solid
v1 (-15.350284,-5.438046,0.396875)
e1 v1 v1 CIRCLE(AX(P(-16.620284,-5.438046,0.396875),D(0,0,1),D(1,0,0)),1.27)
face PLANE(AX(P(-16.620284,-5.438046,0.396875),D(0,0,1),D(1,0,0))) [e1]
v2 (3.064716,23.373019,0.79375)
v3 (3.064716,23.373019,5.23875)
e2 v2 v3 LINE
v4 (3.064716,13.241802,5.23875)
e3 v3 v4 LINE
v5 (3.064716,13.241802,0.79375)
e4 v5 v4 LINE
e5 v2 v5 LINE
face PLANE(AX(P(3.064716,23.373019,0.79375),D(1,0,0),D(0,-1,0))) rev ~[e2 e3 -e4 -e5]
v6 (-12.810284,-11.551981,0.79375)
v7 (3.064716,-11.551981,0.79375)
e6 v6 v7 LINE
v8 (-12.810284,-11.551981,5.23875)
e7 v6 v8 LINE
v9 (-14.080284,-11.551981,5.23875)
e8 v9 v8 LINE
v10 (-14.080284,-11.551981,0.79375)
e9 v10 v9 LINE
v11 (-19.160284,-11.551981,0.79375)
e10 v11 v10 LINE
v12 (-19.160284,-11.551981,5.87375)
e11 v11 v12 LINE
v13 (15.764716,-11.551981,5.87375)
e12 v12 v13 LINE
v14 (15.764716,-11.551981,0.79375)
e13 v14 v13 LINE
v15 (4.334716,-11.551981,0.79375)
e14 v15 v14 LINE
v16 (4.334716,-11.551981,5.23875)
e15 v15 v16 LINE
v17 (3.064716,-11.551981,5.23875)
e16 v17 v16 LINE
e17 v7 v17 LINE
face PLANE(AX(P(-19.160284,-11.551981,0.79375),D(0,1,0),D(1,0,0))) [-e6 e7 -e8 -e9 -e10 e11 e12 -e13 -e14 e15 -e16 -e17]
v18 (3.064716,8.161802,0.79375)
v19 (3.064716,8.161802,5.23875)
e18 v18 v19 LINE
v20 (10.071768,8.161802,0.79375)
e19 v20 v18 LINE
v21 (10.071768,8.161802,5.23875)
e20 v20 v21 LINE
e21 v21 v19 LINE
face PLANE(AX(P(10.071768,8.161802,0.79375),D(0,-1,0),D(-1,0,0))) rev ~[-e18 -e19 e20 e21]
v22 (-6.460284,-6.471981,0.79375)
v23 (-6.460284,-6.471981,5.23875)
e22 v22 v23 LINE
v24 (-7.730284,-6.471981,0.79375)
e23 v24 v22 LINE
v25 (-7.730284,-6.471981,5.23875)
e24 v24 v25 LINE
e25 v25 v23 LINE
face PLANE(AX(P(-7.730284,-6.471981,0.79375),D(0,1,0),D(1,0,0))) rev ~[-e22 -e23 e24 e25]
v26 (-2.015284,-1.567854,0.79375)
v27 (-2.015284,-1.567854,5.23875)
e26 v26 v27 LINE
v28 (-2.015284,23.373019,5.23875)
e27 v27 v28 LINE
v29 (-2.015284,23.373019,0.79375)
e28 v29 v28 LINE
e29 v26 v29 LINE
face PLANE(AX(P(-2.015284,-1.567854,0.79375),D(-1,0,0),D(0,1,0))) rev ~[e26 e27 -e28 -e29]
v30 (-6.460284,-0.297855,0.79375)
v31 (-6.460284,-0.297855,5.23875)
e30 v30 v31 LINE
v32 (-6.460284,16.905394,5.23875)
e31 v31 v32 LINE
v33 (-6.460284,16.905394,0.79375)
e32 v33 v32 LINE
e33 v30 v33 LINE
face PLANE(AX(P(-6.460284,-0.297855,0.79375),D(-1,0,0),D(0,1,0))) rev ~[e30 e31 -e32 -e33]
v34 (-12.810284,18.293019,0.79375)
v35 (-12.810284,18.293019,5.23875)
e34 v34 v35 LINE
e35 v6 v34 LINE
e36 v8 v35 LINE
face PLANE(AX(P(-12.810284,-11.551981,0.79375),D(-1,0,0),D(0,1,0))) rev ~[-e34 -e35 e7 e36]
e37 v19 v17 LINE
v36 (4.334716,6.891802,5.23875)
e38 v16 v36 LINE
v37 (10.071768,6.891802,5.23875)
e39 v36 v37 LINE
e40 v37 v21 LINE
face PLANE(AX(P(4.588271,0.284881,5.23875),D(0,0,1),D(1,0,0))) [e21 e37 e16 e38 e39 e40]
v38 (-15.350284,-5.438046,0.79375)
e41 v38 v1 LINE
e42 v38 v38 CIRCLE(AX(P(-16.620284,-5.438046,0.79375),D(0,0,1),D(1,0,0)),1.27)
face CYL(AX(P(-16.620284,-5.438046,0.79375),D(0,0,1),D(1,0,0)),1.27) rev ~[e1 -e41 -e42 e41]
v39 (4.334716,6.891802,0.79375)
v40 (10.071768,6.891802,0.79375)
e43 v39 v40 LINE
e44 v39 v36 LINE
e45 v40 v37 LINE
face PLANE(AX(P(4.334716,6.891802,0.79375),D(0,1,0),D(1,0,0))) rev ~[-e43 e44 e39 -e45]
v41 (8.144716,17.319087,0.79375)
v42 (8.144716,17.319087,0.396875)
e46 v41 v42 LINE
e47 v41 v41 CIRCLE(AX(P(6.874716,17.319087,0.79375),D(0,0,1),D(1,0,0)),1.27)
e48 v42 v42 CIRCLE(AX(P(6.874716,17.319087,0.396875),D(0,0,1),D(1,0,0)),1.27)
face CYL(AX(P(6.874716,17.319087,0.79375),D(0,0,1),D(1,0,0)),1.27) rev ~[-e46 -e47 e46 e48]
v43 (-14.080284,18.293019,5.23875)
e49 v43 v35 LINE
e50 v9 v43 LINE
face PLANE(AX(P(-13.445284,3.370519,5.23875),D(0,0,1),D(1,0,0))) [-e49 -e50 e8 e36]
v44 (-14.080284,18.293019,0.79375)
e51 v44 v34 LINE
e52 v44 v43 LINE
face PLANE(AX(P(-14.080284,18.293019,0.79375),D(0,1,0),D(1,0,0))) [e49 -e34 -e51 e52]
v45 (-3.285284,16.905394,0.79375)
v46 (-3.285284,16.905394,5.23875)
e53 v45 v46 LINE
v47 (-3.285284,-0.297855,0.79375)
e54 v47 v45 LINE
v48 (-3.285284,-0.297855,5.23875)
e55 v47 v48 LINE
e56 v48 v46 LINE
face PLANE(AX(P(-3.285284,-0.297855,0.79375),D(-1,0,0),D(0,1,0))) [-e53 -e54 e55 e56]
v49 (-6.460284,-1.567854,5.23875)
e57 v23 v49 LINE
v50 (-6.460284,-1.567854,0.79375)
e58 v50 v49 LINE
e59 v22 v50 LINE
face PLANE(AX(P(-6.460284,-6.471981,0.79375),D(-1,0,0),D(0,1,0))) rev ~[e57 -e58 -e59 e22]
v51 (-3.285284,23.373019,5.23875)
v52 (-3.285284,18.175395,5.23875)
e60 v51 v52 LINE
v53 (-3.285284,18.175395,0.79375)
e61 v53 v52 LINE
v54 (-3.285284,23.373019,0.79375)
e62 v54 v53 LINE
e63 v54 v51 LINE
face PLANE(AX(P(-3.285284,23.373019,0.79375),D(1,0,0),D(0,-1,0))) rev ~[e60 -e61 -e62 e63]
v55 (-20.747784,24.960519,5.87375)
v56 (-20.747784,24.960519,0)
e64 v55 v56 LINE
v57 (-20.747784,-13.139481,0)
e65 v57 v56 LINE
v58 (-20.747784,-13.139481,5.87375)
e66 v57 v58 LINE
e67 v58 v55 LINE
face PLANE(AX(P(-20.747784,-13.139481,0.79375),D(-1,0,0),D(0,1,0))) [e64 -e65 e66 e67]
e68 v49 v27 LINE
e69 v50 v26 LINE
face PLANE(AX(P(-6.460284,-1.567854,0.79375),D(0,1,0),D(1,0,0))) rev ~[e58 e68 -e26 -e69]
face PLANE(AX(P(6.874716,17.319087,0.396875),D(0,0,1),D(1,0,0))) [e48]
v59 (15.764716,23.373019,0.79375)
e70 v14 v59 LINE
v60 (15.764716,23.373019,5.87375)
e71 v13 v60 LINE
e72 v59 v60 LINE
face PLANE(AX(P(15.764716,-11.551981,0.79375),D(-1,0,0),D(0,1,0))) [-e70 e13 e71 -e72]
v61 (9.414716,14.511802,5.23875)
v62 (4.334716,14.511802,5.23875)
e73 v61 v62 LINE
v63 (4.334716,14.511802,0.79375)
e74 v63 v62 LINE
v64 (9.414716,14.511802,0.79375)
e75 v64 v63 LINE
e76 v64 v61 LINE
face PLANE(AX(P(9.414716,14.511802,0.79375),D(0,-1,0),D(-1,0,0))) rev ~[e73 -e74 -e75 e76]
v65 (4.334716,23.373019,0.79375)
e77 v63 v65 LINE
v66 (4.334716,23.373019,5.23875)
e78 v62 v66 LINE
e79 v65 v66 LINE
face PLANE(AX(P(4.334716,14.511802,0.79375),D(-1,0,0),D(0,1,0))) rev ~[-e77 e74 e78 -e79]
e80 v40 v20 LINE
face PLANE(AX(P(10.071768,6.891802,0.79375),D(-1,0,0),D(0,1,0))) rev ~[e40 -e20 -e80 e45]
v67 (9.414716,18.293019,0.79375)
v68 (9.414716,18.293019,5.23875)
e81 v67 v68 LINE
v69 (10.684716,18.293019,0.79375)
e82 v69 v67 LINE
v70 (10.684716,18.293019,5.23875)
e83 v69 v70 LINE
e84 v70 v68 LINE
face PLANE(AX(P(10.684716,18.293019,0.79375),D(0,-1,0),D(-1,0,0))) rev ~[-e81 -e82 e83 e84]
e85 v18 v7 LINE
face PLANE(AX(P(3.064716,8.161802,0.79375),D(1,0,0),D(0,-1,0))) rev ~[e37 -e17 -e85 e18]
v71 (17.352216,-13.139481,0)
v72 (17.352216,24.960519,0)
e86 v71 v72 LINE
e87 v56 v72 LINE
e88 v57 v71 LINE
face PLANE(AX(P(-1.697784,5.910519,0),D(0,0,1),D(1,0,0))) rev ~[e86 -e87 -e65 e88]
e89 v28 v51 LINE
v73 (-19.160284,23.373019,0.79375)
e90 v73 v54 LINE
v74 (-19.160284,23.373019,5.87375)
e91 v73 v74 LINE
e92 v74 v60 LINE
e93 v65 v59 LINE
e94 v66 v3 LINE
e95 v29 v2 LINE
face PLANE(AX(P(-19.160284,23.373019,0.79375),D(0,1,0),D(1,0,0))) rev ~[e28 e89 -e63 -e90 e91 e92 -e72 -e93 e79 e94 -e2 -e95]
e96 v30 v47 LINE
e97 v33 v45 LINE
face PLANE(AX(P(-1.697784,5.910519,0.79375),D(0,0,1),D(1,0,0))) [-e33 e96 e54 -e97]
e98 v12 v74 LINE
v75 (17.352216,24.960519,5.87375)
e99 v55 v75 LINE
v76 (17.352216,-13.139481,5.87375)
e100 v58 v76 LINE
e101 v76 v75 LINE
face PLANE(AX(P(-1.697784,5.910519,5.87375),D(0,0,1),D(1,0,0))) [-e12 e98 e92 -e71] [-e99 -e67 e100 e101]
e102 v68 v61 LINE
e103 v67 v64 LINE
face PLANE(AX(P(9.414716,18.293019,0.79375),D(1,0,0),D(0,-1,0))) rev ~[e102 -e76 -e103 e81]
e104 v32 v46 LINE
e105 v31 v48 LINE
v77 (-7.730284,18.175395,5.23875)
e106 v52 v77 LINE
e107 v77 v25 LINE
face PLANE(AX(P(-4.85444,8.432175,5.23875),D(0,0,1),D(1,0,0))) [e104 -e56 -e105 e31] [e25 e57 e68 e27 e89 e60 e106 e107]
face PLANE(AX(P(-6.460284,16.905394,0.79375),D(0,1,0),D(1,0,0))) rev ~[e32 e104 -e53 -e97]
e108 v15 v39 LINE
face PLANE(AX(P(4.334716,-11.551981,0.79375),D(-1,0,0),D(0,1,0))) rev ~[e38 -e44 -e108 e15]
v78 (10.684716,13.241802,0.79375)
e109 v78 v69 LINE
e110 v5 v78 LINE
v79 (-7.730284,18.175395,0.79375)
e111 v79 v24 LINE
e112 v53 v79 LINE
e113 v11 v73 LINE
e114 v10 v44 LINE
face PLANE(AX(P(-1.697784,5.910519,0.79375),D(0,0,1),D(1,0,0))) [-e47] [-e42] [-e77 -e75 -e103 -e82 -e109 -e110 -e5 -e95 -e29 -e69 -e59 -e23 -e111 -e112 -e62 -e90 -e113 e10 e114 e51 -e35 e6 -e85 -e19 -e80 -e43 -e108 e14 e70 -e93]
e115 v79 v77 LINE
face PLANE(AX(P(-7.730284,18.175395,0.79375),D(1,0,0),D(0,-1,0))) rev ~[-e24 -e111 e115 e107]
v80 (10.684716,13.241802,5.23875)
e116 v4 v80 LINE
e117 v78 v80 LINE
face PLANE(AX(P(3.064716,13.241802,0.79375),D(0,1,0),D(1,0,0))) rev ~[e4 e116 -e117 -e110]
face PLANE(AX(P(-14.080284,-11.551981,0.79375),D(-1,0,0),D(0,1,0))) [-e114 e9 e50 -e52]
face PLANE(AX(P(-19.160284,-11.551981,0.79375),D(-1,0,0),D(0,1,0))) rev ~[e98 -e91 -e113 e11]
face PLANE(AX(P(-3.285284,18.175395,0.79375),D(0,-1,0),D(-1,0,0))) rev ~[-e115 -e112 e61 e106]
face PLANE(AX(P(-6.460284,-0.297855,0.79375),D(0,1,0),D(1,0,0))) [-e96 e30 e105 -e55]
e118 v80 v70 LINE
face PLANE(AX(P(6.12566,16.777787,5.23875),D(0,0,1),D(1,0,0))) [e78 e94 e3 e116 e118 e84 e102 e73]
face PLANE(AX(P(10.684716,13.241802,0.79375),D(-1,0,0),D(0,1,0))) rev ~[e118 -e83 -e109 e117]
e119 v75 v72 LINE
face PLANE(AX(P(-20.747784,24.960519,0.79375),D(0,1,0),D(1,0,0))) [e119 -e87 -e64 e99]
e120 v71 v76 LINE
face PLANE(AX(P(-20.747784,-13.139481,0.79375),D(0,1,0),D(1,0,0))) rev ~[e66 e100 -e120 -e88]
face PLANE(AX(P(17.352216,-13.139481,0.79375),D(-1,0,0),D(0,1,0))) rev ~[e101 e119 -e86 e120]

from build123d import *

# Parameters (mm, degrees)
F0_W     = 38.1
F0_H     = 38.1
F1_DEPTH = 0.79375
F2_W     = 38.1
F2_H     = 38.1
F2_W_2   = 34.925
F2_H_2   = 34.925
F3_DEPTH = 5.08
F4_R     = 1.27
F5_DEPTH = 0.396875
F4_W     = 1.27
F4_H     = 29.845
F4_W_2   = 3.175
F4_H_2   = 17.203249
F6_DEPTH = 4.445


with BuildPart() as f1:
    # F0 (on Top) → F1 (new body)
    with BuildSketch(Plane.XY):
        with Locations((-1.697784, 5.910519)):
            Rectangle(F0_W, F0_H)
    extrude(amount=F1_DEPTH)

    # F2 (on face) → F3 (join)
    with BuildSketch(Plane.XY.offset(0.79375)):
        with Locations((-1.697784, 5.910519)):
            Rectangle(F2_W, F2_H)
        with Locations((-1.697784, 5.910519)):
            Rectangle(F2_W_2, F2_H_2, mode=Mode.SUBTRACT)
    extrude(amount=F3_DEPTH)

    # F4 (on face) → F5 (cut)
    with BuildSketch(Plane.XY.offset(0.79375)):
        with Locations((-16.620284, -5.438046)):
            Circle(F4_R)
        with Locations((6.874716, 17.319087)):
            Circle(F4_R)
    extrude(amount=-F5_DEPTH, mode=Mode.SUBTRACT)

    # F4 (on face) → F6 (join)
    with BuildSketch(Plane.XY.offset(0.79375)):
        with Locations((-13.445284, 3.370519)):
            Rectangle(F4_W, F4_H)
        Polygon((-2.015284, 23.373019), (-3.285284, 23.373019), (-3.285284, 18.175395), (-6.460284, 18.175395), (-7.730284, 18.175395), (-7.730284, -6.471981), (-6.460284, -6.471981), (-6.460284, -1.567854), (-3.285284, -1.567854), (-2.015284, -1.567854), (-2.015284, 16.905395), (-2.015284, 18.175395), align=None)
        with Locations((-4.872784, 8.30377)):
            Rectangle(F4_W_2, F4_H_2, mode=Mode.SUBTRACT)
        Polygon((3.064716, 8.161802), (3.064716, -11.551981), (4.334716, -11.551981), (4.334716, 6.891802), (10.071768, 6.891802), (10.071768, 8.161802), (4.334716, 8.161802), align=None)
        Polygon((3.386088, 23.373019), (3.064716, 23.373019), (3.064716, 13.241802), (4.334716, 13.241802), (10.684716, 13.241802), (10.684716, 14.511802), (10.684716, 18.293019), (9.414716, 18.293019), (9.414716, 14.511802), (4.334716, 14.511802), (4.334716, 23.373019), align=None)
    extrude(amount=F6_DEPTH)


solid = f1.part
